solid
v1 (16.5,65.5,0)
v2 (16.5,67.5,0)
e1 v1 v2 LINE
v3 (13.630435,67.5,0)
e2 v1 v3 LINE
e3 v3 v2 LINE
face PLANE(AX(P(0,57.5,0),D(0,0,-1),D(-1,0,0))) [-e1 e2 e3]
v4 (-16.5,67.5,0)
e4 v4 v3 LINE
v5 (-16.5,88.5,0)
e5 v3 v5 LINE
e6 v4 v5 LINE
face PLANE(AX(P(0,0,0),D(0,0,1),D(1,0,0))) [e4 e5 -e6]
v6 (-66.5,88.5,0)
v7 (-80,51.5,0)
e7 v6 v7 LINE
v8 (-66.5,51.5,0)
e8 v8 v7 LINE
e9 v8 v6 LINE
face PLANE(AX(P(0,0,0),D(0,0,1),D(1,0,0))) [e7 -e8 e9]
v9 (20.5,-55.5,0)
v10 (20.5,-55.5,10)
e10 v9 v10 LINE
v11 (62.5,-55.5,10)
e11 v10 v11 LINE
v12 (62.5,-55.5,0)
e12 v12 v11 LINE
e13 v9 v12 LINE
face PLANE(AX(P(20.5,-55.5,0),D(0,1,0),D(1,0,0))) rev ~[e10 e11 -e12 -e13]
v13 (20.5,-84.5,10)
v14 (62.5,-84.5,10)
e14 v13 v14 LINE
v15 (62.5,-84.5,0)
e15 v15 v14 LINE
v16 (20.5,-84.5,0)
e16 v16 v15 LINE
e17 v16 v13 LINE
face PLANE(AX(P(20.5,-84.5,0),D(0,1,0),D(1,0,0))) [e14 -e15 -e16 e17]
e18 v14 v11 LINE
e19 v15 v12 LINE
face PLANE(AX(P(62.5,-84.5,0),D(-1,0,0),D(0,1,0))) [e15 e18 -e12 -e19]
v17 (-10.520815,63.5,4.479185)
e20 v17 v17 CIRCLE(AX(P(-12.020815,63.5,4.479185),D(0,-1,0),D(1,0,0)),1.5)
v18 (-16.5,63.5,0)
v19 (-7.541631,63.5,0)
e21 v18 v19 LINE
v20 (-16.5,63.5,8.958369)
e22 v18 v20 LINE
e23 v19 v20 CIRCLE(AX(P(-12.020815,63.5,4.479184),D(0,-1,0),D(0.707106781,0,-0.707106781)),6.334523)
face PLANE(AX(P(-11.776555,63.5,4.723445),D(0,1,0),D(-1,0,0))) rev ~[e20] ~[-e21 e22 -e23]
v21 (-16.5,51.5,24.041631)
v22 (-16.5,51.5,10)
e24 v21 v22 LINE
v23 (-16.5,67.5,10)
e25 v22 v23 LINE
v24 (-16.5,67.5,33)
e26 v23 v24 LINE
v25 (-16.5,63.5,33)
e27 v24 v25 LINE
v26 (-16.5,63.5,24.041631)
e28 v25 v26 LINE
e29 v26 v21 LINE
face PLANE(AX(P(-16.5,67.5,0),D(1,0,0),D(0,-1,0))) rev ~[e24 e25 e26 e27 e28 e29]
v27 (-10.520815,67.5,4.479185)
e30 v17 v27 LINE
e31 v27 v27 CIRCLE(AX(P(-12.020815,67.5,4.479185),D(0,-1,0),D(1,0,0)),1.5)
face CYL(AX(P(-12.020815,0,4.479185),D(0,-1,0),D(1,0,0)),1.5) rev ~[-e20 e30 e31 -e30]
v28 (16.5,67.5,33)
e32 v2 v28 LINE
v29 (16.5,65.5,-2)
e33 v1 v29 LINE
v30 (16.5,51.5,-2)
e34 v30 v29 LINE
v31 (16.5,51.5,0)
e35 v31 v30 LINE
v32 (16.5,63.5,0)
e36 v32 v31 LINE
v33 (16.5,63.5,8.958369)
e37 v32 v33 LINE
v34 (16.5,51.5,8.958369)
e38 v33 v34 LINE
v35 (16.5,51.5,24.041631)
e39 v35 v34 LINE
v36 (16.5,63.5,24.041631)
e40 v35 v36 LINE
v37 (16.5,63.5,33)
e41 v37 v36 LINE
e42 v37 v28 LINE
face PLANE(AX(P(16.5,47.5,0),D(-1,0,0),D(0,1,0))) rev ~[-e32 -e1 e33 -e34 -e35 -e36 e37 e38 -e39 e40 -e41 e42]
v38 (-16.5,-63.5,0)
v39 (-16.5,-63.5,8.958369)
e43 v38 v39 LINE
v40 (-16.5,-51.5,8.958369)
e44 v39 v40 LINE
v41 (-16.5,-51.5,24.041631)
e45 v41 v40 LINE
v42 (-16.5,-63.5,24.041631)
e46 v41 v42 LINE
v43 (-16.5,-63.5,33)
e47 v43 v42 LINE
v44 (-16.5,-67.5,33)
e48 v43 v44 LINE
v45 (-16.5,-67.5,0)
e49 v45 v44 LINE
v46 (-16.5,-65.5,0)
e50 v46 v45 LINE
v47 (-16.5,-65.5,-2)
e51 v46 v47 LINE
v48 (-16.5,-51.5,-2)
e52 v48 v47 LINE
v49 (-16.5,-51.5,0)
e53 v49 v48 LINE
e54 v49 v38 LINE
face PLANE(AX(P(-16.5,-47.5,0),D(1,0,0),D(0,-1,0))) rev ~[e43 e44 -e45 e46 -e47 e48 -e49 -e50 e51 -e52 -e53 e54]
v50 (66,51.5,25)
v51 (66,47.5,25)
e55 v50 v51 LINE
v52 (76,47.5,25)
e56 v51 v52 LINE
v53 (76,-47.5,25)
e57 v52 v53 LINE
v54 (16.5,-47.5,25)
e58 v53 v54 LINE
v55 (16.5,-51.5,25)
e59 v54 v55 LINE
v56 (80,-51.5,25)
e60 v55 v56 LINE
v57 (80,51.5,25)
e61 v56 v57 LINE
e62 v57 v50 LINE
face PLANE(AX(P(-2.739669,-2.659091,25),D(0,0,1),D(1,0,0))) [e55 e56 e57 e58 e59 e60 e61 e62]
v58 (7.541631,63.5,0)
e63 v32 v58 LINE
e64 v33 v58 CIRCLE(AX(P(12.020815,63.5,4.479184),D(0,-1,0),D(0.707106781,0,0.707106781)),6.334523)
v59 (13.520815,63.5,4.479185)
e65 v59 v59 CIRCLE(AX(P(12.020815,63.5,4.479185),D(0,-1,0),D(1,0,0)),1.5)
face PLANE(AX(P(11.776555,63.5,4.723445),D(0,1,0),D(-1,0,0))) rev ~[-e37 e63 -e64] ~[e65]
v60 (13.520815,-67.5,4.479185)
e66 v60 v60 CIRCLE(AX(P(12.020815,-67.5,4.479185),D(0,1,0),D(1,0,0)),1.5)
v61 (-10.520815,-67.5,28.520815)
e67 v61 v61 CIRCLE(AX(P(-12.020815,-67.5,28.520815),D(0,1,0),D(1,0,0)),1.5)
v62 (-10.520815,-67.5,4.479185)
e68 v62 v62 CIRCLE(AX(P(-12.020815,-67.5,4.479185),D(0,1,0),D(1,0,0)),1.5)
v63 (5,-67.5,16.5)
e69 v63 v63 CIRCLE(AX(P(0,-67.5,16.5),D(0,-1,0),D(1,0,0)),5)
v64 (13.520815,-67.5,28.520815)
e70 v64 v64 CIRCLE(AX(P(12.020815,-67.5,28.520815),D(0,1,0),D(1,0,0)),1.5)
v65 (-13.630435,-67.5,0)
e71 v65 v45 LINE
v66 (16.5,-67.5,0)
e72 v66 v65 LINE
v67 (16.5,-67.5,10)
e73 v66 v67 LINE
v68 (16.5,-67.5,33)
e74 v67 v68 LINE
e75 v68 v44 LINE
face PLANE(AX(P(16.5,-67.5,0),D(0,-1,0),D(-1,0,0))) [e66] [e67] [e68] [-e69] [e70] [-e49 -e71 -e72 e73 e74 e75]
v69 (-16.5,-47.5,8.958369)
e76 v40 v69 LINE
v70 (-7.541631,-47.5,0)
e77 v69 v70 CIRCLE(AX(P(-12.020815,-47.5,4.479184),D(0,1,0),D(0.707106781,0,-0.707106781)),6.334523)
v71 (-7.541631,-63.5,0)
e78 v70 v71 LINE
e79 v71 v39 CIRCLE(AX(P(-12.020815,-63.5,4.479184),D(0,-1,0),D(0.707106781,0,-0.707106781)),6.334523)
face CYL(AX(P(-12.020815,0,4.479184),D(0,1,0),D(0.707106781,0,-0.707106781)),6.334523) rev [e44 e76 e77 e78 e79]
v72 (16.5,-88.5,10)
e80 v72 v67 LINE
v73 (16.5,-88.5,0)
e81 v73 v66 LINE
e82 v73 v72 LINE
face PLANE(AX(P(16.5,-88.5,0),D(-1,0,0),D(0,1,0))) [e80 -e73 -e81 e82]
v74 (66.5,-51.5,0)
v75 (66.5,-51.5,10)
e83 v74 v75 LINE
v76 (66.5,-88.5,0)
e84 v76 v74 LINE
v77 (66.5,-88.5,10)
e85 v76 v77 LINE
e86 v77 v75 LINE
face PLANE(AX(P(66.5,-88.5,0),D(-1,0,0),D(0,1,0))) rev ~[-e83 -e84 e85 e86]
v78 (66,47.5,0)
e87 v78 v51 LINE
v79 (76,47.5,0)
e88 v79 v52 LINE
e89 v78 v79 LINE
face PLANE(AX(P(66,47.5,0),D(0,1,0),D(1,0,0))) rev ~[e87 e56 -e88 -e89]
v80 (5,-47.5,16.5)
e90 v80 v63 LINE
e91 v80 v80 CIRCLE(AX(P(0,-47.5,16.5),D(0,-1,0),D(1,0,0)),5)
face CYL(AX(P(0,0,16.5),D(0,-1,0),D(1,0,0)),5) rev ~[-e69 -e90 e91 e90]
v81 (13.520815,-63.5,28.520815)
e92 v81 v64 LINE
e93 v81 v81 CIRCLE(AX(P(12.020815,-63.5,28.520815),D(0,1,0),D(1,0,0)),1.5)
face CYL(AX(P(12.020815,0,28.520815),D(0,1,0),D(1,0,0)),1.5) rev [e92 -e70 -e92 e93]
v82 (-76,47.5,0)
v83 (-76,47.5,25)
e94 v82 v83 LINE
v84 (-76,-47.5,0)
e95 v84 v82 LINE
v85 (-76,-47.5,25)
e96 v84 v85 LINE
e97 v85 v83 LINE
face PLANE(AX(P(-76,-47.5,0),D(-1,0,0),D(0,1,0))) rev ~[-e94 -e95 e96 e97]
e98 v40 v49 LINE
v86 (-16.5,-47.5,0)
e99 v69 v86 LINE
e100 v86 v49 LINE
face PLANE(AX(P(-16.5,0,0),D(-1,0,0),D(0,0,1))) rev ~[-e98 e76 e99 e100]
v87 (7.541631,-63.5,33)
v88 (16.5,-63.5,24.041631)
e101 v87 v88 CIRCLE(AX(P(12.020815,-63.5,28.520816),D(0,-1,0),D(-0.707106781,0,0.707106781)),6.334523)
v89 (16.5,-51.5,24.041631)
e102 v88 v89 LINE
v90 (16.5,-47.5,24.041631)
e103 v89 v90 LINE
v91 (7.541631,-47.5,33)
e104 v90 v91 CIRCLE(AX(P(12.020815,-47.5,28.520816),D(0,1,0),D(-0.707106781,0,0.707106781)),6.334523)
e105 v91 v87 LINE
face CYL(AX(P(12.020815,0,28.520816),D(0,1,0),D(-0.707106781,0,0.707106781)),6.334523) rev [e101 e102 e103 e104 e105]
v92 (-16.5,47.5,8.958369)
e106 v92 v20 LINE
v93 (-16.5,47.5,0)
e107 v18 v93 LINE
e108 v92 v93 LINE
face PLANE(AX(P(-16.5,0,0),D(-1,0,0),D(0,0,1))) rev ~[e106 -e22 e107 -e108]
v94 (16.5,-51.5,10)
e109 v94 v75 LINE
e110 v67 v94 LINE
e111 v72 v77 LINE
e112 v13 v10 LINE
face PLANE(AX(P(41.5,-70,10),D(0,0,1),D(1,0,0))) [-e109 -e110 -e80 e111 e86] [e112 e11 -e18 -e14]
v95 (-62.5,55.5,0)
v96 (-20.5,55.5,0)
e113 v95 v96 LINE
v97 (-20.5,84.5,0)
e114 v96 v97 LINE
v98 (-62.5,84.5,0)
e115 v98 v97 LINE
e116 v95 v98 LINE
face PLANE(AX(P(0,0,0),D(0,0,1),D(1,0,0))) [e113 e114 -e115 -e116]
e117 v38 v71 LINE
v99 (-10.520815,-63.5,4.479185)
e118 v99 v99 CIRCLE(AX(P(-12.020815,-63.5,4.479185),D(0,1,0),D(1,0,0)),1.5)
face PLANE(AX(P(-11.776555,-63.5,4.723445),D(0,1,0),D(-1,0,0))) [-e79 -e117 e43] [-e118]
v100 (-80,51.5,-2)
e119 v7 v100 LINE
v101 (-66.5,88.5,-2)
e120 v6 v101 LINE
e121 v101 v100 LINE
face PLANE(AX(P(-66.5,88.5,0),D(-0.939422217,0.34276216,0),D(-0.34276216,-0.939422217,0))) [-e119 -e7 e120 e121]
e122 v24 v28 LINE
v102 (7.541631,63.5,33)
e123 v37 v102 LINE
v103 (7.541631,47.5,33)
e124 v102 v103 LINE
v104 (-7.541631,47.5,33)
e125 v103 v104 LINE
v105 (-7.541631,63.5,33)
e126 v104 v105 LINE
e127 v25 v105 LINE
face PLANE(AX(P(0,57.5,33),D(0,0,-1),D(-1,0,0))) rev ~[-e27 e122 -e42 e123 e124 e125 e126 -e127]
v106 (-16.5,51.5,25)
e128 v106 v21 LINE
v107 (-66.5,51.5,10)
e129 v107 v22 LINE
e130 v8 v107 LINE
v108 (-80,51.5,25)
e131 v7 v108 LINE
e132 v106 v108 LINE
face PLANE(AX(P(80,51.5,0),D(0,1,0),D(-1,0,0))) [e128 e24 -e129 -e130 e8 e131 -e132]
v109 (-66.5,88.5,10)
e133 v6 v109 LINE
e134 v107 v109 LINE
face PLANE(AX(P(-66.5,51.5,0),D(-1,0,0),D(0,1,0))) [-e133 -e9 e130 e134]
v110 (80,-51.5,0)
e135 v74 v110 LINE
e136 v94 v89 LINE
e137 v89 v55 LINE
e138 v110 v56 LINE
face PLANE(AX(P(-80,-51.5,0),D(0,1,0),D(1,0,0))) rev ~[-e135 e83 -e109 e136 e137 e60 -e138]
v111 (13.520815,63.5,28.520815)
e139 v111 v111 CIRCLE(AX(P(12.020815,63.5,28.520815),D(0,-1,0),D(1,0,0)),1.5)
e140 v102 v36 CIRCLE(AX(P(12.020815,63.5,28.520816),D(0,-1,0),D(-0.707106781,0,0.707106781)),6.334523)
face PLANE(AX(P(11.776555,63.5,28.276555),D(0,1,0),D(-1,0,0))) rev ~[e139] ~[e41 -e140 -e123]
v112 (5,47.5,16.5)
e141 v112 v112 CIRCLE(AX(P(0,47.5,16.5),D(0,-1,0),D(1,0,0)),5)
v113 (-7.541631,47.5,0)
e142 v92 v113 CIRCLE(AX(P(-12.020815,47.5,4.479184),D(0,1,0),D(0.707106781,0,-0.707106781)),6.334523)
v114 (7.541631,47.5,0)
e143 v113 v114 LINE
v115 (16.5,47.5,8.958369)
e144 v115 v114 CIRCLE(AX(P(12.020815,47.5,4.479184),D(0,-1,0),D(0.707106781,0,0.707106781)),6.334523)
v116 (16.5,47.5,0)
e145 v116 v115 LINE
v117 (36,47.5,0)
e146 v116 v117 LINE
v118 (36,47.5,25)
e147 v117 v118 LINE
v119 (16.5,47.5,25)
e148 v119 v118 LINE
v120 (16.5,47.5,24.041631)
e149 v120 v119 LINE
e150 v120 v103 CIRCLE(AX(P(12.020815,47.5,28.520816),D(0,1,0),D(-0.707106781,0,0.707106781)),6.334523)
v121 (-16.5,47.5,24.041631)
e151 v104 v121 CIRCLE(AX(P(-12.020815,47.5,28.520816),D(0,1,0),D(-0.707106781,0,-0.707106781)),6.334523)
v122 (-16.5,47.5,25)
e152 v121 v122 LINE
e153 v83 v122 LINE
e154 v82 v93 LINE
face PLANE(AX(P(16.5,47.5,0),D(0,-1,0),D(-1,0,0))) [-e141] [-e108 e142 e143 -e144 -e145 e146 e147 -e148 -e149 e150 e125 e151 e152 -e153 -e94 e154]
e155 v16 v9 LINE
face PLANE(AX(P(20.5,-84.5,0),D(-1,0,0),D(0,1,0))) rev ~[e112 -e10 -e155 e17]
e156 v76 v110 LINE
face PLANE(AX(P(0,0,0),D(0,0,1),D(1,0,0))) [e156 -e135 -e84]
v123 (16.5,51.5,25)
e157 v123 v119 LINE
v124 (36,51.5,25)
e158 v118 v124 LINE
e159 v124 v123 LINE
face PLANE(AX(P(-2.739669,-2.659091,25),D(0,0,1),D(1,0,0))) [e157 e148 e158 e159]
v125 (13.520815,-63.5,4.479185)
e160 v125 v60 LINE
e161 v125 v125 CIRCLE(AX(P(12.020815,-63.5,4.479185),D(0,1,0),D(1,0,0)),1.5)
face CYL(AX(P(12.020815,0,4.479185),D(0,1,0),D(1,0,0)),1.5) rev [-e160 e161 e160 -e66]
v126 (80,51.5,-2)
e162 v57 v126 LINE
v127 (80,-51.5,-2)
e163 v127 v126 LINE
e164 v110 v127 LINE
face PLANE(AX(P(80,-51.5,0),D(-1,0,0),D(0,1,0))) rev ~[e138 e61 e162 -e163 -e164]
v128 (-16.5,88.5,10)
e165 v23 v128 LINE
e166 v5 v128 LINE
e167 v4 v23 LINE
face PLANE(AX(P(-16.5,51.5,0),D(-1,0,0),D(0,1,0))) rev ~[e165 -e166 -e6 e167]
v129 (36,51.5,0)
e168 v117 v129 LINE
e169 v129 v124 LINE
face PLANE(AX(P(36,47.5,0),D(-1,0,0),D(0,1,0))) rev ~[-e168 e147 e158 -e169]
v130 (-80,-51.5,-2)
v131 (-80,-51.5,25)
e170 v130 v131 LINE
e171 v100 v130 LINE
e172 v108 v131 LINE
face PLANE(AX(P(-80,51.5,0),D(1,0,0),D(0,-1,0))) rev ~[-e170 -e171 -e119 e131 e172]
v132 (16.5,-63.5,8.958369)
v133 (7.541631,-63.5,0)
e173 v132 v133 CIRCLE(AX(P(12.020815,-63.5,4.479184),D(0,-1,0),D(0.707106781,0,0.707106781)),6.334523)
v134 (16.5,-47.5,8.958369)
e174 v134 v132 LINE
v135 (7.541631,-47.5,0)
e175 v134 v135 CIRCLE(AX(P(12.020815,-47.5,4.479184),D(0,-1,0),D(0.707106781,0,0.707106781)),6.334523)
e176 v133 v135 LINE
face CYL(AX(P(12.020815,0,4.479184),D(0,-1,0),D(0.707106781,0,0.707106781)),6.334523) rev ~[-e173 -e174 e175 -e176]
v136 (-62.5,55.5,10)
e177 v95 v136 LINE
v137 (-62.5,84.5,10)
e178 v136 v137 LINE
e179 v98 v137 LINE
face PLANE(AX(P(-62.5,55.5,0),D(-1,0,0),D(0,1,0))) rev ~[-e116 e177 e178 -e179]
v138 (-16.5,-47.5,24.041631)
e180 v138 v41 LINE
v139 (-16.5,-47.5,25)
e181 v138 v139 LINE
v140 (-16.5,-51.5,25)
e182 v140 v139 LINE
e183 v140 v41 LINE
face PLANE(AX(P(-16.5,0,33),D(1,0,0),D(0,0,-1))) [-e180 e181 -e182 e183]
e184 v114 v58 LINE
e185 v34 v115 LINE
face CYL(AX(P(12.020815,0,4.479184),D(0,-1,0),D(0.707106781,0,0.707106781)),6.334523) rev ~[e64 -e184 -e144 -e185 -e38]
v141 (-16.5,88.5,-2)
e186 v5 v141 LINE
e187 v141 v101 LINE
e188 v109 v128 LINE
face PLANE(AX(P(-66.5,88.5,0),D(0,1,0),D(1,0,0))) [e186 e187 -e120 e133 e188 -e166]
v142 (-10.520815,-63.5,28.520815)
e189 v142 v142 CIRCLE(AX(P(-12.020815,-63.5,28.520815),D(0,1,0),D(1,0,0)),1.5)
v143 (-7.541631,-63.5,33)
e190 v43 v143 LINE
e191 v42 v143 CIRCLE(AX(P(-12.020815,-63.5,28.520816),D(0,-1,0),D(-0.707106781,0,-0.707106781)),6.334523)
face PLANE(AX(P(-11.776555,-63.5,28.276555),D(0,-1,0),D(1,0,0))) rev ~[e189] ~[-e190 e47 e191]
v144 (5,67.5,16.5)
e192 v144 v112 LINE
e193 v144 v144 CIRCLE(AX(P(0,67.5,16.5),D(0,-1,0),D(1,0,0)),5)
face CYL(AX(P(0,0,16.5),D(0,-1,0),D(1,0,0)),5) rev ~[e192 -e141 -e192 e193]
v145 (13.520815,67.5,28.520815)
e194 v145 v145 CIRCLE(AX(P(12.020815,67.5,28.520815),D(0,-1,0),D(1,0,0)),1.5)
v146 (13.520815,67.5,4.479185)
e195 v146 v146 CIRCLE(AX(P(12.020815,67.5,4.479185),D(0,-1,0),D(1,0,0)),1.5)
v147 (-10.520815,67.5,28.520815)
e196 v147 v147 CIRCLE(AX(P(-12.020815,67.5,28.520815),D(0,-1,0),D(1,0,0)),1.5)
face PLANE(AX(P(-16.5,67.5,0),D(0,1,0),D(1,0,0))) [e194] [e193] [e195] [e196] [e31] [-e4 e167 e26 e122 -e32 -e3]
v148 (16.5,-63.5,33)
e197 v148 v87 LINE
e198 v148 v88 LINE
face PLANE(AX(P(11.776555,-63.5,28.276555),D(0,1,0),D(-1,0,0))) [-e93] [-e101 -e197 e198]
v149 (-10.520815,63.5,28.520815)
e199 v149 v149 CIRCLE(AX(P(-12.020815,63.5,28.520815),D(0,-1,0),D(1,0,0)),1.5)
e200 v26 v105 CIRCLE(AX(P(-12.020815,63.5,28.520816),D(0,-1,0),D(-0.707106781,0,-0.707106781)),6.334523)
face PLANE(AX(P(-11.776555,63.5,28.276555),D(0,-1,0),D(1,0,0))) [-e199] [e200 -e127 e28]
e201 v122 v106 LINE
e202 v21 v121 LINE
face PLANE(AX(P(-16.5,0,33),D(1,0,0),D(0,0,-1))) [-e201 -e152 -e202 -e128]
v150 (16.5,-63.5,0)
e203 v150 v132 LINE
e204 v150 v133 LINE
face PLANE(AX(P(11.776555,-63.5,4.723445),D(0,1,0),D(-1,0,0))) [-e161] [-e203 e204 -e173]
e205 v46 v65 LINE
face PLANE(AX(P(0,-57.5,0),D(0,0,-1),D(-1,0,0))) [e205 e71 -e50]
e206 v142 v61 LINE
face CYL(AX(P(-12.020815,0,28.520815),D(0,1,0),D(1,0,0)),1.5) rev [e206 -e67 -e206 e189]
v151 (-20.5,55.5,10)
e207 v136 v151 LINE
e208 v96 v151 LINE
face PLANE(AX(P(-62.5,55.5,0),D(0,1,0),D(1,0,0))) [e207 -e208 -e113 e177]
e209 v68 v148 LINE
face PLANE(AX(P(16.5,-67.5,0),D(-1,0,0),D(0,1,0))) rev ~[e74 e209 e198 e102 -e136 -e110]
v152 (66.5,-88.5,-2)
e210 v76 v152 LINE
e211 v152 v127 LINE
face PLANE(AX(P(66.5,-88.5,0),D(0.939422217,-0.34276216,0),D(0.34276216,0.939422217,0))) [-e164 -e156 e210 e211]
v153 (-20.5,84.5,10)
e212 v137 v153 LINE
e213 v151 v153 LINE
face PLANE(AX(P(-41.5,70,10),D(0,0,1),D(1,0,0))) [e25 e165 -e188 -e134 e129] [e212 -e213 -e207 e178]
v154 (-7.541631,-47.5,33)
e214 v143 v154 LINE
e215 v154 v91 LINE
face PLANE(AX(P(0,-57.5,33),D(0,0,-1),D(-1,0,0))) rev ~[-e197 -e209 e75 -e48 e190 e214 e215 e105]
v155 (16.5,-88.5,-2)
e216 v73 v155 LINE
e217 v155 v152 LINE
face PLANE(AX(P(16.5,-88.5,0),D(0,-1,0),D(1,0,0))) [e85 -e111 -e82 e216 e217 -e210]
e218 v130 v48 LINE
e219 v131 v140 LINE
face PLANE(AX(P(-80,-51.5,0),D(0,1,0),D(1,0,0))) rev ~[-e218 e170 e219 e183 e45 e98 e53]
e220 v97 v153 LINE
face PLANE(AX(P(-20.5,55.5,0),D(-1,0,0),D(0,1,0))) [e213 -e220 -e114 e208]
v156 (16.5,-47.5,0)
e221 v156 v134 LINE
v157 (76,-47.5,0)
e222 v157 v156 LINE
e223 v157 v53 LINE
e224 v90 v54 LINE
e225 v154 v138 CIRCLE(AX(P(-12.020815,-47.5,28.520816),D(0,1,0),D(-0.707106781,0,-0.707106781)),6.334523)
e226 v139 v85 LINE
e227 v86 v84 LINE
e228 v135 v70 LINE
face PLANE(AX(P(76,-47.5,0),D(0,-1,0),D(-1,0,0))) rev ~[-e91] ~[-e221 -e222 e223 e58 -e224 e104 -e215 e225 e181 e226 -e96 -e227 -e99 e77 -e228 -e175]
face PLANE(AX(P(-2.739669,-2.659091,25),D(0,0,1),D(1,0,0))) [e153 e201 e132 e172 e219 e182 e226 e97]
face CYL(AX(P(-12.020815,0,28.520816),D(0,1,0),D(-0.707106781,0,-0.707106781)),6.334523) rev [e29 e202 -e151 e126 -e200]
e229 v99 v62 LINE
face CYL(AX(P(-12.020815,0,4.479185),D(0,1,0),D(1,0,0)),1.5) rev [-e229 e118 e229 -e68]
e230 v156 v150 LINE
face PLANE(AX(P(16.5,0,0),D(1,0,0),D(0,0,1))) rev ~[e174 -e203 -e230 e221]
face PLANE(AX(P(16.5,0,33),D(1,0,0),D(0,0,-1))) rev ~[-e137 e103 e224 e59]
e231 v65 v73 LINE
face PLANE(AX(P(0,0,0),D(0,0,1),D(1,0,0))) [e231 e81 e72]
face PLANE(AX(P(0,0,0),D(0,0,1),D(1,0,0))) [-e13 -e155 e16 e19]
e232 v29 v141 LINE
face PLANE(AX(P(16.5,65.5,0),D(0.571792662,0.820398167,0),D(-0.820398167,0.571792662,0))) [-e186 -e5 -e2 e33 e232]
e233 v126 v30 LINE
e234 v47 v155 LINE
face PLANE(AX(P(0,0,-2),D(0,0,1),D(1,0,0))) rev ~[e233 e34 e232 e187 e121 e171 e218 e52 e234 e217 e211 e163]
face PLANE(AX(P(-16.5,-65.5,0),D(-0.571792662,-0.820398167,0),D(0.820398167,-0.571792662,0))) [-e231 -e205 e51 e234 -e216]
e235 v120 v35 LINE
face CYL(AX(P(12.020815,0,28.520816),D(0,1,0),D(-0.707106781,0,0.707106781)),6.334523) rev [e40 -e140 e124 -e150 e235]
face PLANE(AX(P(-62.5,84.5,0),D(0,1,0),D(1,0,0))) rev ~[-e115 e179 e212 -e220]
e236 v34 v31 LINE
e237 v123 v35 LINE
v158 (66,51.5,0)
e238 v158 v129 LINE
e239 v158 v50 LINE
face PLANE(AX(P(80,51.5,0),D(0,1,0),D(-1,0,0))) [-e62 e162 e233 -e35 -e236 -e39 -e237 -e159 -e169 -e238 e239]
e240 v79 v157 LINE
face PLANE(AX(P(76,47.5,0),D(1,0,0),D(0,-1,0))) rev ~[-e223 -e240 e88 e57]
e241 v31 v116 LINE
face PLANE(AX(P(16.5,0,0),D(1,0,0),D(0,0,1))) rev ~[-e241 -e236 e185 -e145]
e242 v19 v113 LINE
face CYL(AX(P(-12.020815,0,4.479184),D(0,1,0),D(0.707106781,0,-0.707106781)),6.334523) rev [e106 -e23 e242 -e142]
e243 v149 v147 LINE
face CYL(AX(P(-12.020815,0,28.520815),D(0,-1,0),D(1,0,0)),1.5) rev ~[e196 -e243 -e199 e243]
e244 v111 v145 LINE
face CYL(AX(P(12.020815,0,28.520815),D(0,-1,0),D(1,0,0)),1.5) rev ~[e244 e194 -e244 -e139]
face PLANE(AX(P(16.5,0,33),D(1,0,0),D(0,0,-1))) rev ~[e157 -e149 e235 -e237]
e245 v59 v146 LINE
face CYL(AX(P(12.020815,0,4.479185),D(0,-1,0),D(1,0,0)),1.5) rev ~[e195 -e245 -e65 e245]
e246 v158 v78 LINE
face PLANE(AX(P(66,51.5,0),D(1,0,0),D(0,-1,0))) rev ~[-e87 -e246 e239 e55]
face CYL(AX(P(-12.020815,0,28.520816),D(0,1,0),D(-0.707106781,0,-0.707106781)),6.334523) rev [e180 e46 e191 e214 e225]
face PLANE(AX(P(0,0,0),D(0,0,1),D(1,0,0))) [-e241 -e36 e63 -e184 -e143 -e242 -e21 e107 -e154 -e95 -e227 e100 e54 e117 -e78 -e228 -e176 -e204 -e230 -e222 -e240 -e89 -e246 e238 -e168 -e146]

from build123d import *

# Parameters (mm, degrees)
PAD027_DEPTH    = 2
PAD028_DEPTH    = 25
PAD029_DEPTH    = 33
SKETCH050_R     = 1.5
SKETCH050_R_2   = 5
POCKET020_DEPTH = 101.5
SKETCH051_W     = 50
SKETCH051_H     = 37
SKETCH051_W_2   = 42
SKETCH051_H_2   = 29
PAD030_DEPTH    = 10
POCKET021_DEPTH = 63.5


with BuildPart() as part:
    # Sketch046 → Pad027 (new body)
    with BuildSketch(Plane.XY):
        Polygon((16.5, 65.5), (-16.5, 88.5), (-66.5, 88.5), (-80, 51.5), (-80, -51.5), (-16.5, -51.5), (-16.5, -65.5), (16.5, -88.5), (66.5, -88.5), (80, -51.5), (80, 51.5), (16.5, 51.5), align=None)
    extrude(amount=-PAD027_DEPTH)

    # Sketch047 → Pad028 (join)
    with BuildSketch(Plane.XY):
        Polygon((76, 47.5), (76, -47.5), (15.5, -47.5), (-15.5, -47.5), (-76, -47.5), (-76, 47.5), (-15.5, 47.5), (15.5, 47.5), (36, 47.5), (36, 51.5), (15.5, 51.5), (-15.5, 51.5), (-80, 51.5), (-80, -51.5), (-15.5, -51.5), (15.5, -51.5), (80, -51.5), (80, 51.5), (66, 51.5), (66, 47.5), align=None)
    extrude(amount=PAD028_DEPTH)

    # Sketch048 (on Face7 of Pad028) → Pad029 (join)
    with BuildSketch(Plane.XY):
        Polygon((-16.5, 67.5), (16.5, 67.5), (16.5, 51.5), (16.5, 47.5), (-16.5, 47.5), (-16.5, 51.5), align=None)
        Polygon((16.5, -51.5), (16.5, -67.5), (-16.5, -67.5), (-16.5, -51.5), (-16.5, -47.5), (16.5, -47.5), align=None)
    extrude(amount=PAD029_DEPTH)

    # Sketch050 → Pocket020 (cut, symmetric)
    with BuildSketch(Plane.XZ):
        with Locations((-12.020815, 4.479185)):
            Circle(SKETCH050_R)
        with Locations((12.020815, 28.520815)):
            Circle(SKETCH050_R)
        with Locations((-12.020815, 28.520815)):
            Circle(SKETCH050_R)
        with Locations((12.020815, 4.479185)):
            Circle(SKETCH050_R)
        with Locations((0, 16.5)):
            Circle(SKETCH050_R_2)
    extrude(amount=POCKET020_DEPTH, both=True, mode=Mode.SUBTRACT)

    # Sketch051 → Pad030 (join)
    with BuildSketch(Plane.XY):
        with Locations((-41.5, 70)):
            Rectangle(SKETCH051_W, SKETCH051_H)
        with Locations((-41.5, 70)):
            Rectangle(SKETCH051_W_2, SKETCH051_H_2, mode=Mode.SUBTRACT)
        with Locations((41.5, -70)):
            Rectangle(SKETCH051_W, SKETCH051_H)
        with Locations((41.5, -70)):
            Rectangle(SKETCH051_W_2, SKETCH051_H_2, mode=Mode.SUBTRACT)
    extrude(amount=PAD030_DEPTH)

    # Sketch058 → Pocket021 (cut, symmetric)
    with BuildSketch(Plane.XZ):
        with BuildLine():
            Line((-16.5, 33), (-16.5, 24.041631))
            ThreePointArc((-16.5, 24.041631), (-7.541631, 24.041631), (-7.541631, 33))
            Line((-16.5, 33), (-7.541631, 33))
        make_face()
        with BuildLine():
            Line((16.5, 33), (16.5, 24.041631))
            ThreePointArc((7.541631, 33), (7.541631, 24.041631), (16.5, 24.041631))
            Line((16.5, 33), (7.541631, 33))
        make_face()
        with BuildLine():
            Line((-16.5, 0), (-16.5, 8.958369))
            ThreePointArc((-7.541631, 0), (-7.541631, 8.958369), (-16.5, 8.958369))
            Line((-16.5, 0), (-7.541631, 0))
        make_face()
        with BuildLine():
            Line((16.5, 0), (7.541631, 0))
            ThreePointArc((16.5, 8.958369), (7.541631, 8.958369), (7.541631, 0))
            Line((16.5, 0), (16.5, 8.958369))
        make_face()
    extrude(amount=POCKET021_DEPTH, both=True, mode=Mode.SUBTRACT)


solid = part.part
